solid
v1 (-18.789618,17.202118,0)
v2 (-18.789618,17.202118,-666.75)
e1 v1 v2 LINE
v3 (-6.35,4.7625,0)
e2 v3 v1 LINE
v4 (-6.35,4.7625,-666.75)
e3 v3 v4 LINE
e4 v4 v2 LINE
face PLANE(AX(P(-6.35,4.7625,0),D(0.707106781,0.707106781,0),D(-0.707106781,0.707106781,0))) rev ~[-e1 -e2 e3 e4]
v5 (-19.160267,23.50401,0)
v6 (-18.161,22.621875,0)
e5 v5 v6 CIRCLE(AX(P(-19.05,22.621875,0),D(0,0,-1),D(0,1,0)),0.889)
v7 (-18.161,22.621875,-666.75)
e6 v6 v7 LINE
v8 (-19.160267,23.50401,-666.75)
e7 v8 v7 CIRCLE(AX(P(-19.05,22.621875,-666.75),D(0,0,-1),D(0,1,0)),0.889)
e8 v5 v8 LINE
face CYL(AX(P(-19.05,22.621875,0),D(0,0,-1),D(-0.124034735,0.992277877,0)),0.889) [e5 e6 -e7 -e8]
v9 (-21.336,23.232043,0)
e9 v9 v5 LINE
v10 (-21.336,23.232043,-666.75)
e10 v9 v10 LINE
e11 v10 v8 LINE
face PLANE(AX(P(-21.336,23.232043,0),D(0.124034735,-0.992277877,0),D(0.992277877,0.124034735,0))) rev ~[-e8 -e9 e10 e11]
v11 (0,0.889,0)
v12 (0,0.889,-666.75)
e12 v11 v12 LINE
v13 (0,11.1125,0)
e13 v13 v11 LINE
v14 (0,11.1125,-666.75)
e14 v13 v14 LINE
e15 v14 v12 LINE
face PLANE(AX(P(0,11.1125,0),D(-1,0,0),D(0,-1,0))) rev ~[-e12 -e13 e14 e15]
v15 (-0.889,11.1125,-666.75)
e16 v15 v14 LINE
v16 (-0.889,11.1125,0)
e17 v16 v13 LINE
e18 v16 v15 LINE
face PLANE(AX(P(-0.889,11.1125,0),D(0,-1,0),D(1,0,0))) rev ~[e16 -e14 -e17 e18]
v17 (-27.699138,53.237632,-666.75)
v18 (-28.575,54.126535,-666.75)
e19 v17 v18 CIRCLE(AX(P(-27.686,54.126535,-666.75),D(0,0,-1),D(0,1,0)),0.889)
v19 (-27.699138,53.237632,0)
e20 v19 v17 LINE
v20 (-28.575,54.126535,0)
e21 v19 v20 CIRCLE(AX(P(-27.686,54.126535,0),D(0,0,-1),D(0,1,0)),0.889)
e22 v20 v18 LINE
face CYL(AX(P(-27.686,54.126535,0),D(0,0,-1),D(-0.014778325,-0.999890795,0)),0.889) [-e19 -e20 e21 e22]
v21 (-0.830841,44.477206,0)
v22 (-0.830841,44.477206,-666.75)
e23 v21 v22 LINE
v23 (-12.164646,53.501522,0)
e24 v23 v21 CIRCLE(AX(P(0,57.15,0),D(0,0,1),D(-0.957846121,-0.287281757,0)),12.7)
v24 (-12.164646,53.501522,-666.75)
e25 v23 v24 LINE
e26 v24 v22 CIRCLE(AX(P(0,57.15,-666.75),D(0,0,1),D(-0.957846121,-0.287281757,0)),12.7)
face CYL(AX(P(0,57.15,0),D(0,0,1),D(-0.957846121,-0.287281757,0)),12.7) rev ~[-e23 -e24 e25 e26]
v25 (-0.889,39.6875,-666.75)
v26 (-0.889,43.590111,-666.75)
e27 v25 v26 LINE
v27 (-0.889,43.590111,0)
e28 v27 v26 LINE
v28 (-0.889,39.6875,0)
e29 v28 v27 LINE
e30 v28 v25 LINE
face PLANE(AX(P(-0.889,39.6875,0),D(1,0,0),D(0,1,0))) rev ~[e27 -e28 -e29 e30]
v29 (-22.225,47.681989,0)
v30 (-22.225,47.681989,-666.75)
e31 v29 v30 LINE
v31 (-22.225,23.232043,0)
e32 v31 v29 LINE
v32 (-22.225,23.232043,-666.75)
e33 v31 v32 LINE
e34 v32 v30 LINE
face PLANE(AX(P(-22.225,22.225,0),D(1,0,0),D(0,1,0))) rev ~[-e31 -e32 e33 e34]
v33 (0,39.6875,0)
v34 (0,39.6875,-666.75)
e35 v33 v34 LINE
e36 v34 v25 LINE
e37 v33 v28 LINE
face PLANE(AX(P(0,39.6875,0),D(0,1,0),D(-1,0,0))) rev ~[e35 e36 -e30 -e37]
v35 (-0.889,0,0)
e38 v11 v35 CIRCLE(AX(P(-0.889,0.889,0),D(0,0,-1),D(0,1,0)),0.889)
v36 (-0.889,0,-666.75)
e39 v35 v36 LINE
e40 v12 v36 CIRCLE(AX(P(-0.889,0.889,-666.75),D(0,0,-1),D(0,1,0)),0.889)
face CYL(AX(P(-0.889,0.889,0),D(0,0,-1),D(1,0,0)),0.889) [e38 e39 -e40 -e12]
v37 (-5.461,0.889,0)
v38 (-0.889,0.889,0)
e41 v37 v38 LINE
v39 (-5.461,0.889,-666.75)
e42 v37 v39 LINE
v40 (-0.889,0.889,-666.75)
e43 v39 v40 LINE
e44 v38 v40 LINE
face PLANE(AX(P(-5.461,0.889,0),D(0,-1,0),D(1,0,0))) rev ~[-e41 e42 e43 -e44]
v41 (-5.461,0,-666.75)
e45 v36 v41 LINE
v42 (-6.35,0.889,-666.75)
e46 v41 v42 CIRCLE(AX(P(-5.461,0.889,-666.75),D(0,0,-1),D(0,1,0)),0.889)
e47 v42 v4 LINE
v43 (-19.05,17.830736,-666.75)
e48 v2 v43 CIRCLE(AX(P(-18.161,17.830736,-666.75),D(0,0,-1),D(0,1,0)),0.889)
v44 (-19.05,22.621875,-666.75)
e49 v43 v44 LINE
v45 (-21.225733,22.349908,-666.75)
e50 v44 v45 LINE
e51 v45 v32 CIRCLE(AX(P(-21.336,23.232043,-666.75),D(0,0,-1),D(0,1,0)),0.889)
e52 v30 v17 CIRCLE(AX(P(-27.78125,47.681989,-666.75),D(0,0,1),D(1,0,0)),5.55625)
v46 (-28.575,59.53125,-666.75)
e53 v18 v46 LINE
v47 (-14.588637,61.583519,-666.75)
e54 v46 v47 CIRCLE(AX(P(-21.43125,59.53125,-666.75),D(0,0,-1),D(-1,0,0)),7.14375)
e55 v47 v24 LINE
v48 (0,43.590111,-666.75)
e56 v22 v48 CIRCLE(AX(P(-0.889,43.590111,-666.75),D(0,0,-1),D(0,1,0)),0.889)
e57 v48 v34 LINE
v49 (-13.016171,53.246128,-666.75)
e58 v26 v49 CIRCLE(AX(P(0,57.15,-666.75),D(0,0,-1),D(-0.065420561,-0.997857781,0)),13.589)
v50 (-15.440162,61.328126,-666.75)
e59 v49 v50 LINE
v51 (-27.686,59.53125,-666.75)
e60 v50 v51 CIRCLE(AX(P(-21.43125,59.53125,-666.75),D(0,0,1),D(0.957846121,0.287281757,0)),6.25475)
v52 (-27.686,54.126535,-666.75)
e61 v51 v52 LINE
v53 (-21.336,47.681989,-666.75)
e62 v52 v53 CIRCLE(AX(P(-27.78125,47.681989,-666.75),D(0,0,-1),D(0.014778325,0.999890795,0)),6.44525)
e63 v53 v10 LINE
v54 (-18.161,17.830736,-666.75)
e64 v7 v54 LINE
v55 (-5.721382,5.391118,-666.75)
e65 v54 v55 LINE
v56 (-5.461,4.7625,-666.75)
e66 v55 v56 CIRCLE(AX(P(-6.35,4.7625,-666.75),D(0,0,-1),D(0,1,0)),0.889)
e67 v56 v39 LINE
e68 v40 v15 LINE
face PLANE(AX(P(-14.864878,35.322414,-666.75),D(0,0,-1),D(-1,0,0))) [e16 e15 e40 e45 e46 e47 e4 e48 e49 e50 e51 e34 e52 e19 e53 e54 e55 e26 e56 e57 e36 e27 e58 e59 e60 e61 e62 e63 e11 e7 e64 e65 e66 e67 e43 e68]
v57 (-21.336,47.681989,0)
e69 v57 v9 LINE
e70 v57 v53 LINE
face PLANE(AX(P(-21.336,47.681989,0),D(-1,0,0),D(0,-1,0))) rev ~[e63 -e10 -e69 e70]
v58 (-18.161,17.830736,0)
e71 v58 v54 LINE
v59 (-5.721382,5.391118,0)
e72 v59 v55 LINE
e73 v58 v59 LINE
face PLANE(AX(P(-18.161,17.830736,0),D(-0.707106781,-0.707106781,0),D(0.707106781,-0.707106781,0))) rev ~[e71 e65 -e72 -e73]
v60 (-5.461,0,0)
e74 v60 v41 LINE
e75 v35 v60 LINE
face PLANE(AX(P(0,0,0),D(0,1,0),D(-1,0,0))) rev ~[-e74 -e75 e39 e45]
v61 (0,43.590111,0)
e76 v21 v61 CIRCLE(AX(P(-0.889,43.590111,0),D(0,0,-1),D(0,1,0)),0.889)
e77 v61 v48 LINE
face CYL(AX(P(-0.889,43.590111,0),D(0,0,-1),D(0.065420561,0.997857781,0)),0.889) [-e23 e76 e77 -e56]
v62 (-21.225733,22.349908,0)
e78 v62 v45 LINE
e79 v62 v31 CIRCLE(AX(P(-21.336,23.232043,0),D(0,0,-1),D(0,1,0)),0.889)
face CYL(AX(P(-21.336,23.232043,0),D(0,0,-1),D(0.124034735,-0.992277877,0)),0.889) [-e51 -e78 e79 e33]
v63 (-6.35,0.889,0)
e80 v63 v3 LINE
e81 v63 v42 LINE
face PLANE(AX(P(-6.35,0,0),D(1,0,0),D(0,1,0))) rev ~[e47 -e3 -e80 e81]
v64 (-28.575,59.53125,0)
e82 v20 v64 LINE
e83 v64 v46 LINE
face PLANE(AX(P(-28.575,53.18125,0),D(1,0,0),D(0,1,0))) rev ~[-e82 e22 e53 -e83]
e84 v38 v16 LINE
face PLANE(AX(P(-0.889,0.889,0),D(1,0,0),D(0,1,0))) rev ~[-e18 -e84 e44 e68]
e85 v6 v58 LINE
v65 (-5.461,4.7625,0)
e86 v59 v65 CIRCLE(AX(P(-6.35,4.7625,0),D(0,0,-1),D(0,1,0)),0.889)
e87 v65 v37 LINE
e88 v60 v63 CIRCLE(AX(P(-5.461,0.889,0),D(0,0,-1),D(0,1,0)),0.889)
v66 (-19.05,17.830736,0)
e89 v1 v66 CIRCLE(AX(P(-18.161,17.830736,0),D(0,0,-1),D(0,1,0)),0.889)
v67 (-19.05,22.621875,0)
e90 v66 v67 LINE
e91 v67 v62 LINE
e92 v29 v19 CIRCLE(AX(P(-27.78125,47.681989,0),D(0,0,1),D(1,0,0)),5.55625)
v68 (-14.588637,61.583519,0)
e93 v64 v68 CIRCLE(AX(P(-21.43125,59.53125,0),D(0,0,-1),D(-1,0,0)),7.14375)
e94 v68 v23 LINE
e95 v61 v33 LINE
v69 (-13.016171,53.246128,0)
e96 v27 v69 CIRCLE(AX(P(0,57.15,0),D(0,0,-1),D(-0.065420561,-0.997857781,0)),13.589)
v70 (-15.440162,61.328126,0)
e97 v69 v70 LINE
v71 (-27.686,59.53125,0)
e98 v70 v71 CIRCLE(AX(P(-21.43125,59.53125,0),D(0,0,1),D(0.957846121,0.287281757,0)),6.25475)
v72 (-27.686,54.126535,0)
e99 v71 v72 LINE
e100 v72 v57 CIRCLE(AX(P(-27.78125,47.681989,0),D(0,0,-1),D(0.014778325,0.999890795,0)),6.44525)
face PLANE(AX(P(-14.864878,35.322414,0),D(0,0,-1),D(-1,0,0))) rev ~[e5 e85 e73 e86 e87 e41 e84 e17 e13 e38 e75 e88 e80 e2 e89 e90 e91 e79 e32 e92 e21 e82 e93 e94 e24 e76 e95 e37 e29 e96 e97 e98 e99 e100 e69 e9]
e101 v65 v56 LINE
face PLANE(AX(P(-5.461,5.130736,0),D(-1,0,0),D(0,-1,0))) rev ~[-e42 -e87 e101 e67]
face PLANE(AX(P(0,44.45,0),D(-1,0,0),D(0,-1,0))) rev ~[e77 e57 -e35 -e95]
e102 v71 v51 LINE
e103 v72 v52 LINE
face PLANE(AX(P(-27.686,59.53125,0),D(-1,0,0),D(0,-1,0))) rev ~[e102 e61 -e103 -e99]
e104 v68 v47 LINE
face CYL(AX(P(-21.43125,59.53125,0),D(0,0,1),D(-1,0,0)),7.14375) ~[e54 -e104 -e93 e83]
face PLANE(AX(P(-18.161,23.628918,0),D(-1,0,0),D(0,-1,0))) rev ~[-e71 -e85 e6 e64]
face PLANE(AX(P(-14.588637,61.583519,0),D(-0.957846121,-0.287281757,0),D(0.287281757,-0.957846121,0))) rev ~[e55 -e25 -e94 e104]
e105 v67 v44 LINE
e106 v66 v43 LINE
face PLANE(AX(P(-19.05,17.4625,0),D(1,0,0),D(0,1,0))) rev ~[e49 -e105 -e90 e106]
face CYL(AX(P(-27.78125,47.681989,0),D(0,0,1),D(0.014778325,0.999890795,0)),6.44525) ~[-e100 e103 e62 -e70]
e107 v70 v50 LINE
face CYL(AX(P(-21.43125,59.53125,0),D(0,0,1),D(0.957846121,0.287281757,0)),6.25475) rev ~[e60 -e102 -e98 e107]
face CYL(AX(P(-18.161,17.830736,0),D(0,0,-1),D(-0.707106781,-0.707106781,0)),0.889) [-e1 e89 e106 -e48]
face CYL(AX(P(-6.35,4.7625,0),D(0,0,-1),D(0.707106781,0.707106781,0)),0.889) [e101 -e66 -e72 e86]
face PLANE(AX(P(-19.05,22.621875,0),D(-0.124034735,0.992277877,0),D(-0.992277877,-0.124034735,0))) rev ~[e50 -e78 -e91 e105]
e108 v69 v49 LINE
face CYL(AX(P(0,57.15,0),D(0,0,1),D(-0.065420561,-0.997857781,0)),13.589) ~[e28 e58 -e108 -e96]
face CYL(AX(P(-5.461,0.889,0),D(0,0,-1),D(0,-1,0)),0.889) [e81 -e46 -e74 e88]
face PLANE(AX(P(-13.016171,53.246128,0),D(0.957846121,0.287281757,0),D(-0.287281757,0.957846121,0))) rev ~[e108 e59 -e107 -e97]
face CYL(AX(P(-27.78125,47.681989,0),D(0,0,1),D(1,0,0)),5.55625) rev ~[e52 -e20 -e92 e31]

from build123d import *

# Parameters (mm, degrees)
EXTRUDE_THIN1_DEPTH = 666.75
FILLET1_R           = 0.889


with BuildPart() as part:
    # Sketch1 → Extrude-Thin1 (new body)
    with BuildSketch(Plane.XY):
        with BuildLine():
            Line((0, 11.1125), (0, 0))
            Line((0, 0), (-6.35, 0))
            Line((-6.35, 0), (-6.35, 4.7625))
            Line((-6.35, 4.7625), (-19.05, 17.4625))
            Line((-19.05, 17.4625), (-19.05, 22.621875))
            Line((-19.05, 22.621875), (-22.225, 22.225))
            Line((-22.225, 22.225), (-22.225, 47.681988686))
            ThreePointArc((-22.225, 47.681988686), (-24.143830542, 51.882118892), (-28.575, 53.18125))
            Line((-28.575, 53.18125), (-28.575, 59.53125))
            ThreePointArc((-28.575, 59.53125), (-22.468372416, 66.599314881), (-14.588636772, 61.583519054))
            Line((-14.588636772, 61.583519054), (-12.164645739, 53.501521681))
            ThreePointArc((-12.164645739, 53.501521681), (-7.581369446, 46.96114151), (0, 44.45))
            Line((0, 44.45), (0, 39.6875))
            Line((0, 39.6875), (-0.889, 39.6875))
            Line((-0.889, 39.6875), (-0.889, 43.59011062))
            ThreePointArc((-0.889, 43.59011062), (-8.464520872, 46.519251795), (-13.016170941, 53.246128199))
            Line((-13.016170941, 53.246128199), (-15.440161973, 61.328125572))
            ThreePointArc((-15.440161973, 61.328125572), (-22.339308293, 65.719733473), (-27.686, 59.53125))
            Line((-27.686, 59.53125), (-27.686, 54.12653483))
            ThreePointArc((-27.686, 54.12653483), (-23.190217566, 52.20566736), (-21.336, 47.681988686))
            Line((-21.336, 47.681988686), (-21.336, 23.232043392))
            Line((-21.336, 23.232043392), (-18.161, 23.628918392))
            Line((-18.161, 23.628918392), (-18.161, 17.830735857))
            Line((-18.161, 17.830735857), (-5.461, 5.130735857))
            Line((-5.461, 5.130735857), (-5.461, 0.889))
            Line((-5.461, 0.889), (-0.889, 0.889))
            Line((-0.889, 0.889), (-0.889, 11.1125))
            Line((-0.889, 11.1125), (0, 11.1125))
        make_face()
    extrude(amount=-EXTRUDE_THIN1_DEPTH)

    # Fillet1
    fillet1_edges = [part.edges().sort_by_distance(p)[0] for p in [
        (-18.161, 23.628918392, -333.375),
        (-5.461, 5.130735857, -333.375),
        (0, 0, -333.375),
        (-6.35, 0, -333.375),
        (-19.05, 17.4625, -333.375),
        (-22.225, 22.225, -333.375),
        (-28.575, 53.18125, -333.375),
        (0, 44.45, -333.375),
    ]]
    fillet(fillet1_edges, radius=FILLET1_R)


solid = part.part
